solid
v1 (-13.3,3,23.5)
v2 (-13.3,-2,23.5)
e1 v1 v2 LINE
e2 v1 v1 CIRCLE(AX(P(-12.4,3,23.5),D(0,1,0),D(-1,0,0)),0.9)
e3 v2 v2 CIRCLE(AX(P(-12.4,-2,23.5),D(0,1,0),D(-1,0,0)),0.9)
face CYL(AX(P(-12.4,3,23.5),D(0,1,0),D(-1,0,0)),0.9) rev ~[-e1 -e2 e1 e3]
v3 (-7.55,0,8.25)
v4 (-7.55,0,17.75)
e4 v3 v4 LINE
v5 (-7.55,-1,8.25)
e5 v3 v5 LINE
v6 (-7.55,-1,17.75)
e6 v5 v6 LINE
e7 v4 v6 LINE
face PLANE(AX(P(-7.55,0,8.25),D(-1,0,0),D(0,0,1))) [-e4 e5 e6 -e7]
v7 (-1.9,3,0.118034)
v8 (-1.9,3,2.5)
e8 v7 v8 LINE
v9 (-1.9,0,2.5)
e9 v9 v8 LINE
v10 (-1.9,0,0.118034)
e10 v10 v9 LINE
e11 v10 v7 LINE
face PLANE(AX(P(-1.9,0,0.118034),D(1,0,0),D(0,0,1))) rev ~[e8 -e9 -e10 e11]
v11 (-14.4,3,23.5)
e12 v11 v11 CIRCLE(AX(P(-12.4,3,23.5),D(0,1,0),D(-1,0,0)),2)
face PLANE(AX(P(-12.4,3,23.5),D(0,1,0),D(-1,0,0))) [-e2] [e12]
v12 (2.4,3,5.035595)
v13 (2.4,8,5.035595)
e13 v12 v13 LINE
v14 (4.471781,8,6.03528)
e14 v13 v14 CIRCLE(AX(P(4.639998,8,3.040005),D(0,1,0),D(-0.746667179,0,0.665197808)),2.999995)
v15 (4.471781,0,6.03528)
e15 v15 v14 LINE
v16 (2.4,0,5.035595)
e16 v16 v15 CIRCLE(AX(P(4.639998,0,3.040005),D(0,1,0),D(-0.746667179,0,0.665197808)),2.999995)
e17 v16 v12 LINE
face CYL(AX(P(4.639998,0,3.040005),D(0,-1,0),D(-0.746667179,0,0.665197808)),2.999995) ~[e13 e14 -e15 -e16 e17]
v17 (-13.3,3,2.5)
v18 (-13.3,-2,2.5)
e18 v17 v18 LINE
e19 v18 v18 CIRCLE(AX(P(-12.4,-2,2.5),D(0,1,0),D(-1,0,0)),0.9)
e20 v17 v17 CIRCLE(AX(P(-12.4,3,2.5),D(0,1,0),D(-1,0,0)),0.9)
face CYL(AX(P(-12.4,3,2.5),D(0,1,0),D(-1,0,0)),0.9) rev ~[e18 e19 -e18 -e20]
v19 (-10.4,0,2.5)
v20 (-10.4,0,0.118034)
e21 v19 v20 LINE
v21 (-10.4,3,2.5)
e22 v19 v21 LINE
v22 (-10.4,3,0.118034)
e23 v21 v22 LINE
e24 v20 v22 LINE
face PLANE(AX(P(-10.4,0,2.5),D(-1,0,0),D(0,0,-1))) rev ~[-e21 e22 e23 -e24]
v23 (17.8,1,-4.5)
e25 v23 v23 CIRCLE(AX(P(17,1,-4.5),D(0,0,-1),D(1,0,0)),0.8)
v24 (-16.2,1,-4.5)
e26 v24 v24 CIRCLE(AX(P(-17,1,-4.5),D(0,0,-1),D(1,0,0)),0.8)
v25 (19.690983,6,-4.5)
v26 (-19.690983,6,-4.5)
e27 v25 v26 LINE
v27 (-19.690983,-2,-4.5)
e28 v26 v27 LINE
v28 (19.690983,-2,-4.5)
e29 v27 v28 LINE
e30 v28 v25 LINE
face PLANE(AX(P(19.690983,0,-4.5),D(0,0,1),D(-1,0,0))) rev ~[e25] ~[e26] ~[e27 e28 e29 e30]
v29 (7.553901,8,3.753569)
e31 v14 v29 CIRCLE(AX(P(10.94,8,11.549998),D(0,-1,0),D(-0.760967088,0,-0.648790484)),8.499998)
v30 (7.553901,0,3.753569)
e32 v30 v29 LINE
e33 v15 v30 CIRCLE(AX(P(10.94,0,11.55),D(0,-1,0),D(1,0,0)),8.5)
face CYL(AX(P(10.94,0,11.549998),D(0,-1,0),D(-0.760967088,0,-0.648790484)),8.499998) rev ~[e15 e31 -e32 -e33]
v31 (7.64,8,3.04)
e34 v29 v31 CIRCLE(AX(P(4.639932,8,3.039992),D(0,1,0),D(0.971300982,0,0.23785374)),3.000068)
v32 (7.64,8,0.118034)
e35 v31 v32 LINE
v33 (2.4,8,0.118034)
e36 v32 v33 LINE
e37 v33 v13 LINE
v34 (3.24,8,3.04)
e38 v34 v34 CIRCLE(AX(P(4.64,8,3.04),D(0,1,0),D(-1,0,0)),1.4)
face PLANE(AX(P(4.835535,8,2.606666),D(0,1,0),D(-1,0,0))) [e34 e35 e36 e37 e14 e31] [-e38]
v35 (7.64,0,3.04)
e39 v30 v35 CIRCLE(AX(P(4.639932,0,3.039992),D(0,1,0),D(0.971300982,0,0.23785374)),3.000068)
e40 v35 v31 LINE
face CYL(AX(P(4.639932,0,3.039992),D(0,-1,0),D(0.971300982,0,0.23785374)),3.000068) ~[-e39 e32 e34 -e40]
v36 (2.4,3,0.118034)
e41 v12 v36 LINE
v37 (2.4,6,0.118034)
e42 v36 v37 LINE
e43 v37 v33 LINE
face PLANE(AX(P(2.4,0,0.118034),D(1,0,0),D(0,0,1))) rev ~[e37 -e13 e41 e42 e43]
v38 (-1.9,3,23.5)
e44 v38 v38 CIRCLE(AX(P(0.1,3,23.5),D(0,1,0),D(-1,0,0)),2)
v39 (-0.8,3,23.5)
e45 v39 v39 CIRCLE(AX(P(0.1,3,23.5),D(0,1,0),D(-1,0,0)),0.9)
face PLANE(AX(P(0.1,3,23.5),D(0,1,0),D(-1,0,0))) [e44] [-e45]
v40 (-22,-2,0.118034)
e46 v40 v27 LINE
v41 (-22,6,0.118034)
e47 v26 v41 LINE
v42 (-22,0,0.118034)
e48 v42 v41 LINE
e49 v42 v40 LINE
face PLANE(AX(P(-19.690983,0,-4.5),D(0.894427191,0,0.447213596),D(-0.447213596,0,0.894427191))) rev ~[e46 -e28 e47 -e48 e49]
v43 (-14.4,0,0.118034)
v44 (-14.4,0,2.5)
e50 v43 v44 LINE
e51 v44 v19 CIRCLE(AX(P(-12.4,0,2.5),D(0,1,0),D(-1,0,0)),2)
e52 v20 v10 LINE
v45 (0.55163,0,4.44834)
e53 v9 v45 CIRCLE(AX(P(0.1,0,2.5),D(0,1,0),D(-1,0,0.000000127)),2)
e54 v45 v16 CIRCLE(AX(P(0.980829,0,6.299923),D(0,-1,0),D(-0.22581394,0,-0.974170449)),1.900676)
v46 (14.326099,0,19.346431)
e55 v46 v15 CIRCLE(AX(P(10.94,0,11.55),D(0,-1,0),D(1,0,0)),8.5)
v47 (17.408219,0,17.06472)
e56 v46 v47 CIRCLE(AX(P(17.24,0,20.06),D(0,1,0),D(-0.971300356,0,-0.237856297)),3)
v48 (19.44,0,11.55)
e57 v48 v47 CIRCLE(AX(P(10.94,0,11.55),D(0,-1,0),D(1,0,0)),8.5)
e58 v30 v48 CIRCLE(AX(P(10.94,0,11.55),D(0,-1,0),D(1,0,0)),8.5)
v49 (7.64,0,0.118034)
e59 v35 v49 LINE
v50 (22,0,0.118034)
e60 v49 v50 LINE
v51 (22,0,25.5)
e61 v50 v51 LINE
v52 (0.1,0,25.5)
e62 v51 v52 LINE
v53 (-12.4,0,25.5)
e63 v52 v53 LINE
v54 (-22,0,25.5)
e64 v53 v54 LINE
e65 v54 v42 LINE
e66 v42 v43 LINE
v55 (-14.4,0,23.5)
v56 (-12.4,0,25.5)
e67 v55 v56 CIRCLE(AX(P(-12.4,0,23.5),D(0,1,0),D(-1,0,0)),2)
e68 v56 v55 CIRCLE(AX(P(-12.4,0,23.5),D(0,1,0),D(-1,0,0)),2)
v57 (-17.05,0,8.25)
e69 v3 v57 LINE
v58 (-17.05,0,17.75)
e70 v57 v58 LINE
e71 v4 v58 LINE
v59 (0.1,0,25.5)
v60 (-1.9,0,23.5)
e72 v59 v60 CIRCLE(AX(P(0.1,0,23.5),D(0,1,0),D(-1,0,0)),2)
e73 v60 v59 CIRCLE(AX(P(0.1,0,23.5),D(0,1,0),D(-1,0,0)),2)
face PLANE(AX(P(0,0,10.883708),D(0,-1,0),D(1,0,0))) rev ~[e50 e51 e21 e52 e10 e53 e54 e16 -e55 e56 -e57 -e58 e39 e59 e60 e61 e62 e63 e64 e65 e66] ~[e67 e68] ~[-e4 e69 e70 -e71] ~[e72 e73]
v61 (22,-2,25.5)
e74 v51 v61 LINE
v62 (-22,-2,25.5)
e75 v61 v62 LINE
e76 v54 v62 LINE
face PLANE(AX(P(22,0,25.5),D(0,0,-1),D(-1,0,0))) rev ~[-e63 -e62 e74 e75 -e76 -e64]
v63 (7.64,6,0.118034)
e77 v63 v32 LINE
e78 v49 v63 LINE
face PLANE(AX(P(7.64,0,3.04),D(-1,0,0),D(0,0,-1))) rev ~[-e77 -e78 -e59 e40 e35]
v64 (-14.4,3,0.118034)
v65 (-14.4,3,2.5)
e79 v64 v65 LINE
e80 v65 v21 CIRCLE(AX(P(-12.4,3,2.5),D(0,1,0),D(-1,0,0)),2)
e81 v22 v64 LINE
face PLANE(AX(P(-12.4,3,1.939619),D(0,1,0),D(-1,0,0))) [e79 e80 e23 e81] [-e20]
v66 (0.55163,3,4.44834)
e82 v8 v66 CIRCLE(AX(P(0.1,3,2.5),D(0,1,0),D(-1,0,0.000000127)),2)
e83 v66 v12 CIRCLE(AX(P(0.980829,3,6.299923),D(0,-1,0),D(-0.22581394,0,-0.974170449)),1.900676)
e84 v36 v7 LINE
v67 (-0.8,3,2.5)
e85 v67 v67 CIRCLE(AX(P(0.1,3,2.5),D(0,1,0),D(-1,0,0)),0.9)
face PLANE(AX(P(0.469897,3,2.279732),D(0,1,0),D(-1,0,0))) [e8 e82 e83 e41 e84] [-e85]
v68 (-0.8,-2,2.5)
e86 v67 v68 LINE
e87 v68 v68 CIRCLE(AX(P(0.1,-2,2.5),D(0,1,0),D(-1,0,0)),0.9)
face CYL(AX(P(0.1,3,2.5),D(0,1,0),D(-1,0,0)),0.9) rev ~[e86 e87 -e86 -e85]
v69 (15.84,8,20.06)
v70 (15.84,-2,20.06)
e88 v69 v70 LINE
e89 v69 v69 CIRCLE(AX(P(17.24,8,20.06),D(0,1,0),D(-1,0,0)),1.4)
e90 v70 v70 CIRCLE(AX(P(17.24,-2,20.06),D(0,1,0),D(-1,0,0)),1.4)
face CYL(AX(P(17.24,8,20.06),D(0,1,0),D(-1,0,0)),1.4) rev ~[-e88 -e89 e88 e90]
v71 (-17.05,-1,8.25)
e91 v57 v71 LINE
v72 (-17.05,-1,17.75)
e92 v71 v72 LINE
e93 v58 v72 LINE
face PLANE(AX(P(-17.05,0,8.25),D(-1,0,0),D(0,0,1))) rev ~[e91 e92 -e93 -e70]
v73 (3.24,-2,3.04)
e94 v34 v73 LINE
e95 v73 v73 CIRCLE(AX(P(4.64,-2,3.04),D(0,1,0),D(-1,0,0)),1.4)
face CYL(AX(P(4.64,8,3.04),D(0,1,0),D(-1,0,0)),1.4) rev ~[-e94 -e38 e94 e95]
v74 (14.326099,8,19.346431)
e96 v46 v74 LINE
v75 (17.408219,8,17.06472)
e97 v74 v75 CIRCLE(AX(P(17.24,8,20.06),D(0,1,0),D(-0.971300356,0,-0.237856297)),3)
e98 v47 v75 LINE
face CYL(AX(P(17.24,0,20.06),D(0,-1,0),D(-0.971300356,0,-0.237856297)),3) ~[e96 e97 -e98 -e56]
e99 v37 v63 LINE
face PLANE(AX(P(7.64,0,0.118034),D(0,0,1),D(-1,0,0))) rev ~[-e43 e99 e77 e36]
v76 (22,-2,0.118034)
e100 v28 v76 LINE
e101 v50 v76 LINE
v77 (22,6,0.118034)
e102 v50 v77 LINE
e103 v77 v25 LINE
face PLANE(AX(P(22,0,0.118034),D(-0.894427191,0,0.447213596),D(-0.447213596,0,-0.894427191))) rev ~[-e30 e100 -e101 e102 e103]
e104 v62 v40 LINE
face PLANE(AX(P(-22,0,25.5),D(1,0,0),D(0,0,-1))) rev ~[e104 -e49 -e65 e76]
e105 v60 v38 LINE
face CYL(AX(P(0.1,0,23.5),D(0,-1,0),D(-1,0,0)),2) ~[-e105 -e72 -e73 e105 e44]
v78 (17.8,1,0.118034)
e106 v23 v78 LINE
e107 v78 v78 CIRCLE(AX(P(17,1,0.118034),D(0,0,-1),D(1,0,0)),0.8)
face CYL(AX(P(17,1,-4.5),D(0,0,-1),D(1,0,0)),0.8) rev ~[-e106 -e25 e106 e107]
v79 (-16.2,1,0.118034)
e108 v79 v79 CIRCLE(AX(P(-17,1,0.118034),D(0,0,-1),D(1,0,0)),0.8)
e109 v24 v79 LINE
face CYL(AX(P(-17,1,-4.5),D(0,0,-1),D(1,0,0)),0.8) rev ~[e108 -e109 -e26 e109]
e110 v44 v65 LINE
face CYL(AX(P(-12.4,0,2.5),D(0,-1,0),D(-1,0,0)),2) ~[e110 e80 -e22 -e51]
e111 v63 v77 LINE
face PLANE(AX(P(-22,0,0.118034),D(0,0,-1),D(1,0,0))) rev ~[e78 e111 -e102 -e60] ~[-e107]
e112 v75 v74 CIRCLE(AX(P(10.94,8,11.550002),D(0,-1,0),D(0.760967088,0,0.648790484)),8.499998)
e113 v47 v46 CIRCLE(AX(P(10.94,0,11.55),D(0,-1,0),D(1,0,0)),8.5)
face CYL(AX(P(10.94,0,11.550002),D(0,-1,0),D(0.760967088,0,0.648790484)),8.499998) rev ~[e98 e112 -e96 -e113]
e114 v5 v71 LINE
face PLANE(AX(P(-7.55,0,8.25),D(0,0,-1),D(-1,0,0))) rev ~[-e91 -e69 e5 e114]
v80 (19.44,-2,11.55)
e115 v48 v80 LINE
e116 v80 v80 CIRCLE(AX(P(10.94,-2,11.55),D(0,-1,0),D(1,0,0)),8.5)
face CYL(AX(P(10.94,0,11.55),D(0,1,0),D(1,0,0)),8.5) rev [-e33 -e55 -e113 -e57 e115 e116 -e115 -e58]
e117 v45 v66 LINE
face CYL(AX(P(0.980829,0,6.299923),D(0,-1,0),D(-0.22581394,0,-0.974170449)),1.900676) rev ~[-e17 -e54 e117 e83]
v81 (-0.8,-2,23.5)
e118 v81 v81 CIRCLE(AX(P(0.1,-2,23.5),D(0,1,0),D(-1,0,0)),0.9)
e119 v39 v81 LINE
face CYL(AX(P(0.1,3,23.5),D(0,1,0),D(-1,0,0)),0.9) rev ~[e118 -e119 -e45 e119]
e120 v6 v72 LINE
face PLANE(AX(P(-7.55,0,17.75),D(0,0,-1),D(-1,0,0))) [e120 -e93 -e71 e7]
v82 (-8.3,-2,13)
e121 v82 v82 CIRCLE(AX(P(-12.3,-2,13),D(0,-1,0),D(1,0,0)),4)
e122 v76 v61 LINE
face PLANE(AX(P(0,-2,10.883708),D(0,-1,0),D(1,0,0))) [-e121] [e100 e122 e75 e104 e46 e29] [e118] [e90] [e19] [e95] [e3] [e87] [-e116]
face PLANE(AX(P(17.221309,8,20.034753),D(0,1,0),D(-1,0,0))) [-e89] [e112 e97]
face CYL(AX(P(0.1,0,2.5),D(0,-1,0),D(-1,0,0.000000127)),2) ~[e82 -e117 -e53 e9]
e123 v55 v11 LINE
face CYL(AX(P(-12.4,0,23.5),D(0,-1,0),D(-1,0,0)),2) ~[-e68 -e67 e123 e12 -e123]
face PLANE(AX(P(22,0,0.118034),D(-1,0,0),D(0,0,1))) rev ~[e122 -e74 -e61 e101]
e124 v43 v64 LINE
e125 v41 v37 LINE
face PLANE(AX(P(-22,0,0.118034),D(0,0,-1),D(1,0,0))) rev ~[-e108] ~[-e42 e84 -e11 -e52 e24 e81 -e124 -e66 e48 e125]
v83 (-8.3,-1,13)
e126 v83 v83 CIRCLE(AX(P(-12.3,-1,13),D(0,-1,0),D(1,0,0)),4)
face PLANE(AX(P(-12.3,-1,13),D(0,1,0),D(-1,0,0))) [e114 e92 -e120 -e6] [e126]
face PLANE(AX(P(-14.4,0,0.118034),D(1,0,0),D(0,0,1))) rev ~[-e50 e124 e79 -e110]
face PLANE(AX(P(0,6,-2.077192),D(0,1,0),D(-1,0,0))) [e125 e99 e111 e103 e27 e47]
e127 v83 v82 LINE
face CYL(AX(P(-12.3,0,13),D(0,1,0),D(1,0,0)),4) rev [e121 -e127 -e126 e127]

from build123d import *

# Parameters (mm, degrees)
F1_R      = 4
F1_R_2    = 8.5
F2_DEPTH  = 2
F4_DEPTH  = 6
F5_R      = 0.8
F6_DEPTH  = 4.618034
F8_DEPTH  = 8
F9_R      = 1.4
F10_DEPTH = 10
F11_R     = 2
F12_DEPTH = 3
F13_W     = 9.5
F13_H     = 9.5
F13_R     = 4
F14_DEPTH = 1
F15_R     = 0.9
F16_DEPTH = 5


with BuildPart() as f2:
    # F1 (on Front) → F2 (new body)
    with BuildSketch(Plane.XZ):
        Polygon((-22, 25.5), (-22, 0.118034), (-19.690983, -4.5), (19.690983, -4.5), (22, 0.118034), (22, 25.5), align=None)
        with Locations((-12.3, 13)):
            Circle(F1_R, mode=Mode.SUBTRACT)
        with Locations((10.94, 11.55)):
            Circle(F1_R_2, mode=Mode.SUBTRACT)
    extrude(amount=F2_DEPTH)

    # F3 (on face) → F4 (join)
    with BuildSketch(Plane(origin=(0, 0, 0), x_dir=(-1, 0, 0), z_dir=(0, 1, 0))):
        Polygon((22, 0.118034), (-22, 0.118034), (-19.690983, -4.5), (19.690983, -4.5), align=None)
    extrude(amount=F4_DEPTH)

    # F5 (on face) → F6 (cut, through all)
    with BuildSketch(Plane(origin=(0, 0, -4.5), x_dir=(1, 0, 0), z_dir=(0, 0, -1))):
        with Locations((-17, -1)):
            Circle(F5_R)
        with Locations((17, -1)):
            Circle(F5_R)
    extrude(amount=-F6_DEPTH, mode=Mode.SUBTRACT)

    # F7 (on face) → F8 (join)
    with BuildSketch(Plane(origin=(0, 0, 0), x_dir=(-1, 0, 0), z_dir=(0, 1, 0))):
        with BuildLine():
            ThreePointArc((-17.408219, 17.06472), (-15.997514, 18.381658), (-14.326099, 19.346431))
            ThreePointArc((-14.326099, 19.346431), (-19.025005, 22.471173), (-17.408219, 17.06472))
        make_face()
        with BuildLine():
            ThreePointArc((-4.471781, 6.03528), (-5.882486, 4.718342), (-7.553901, 3.753569))
            ThreePointArc((-7.553901, 3.753569), (-7.618397, 3.399372), (-7.64, 3.04))
            Line((-7.64, 3.04), (-7.64, 0.118034))
            Line((-7.64, 0.118034), (-2.4, 0.118034))
            Line((-2.4, 0.118034), (-2.4, 5.035595))
            ThreePointArc((-2.4, 5.035595), (-3.336266, 5.741903), (-4.471781, 6.03528))
        make_face()
    extrude(amount=F8_DEPTH)

    # F9 (on face) → F10 (cut, through all)
    with BuildSketch(Plane(origin=(0, 8, 0), x_dir=(-1, 0, 0), z_dir=(0, 1, 0))):
        with Locations((-17.24, 20.06)):
            Circle(F9_R)
        with Locations((-4.64, 3.04)):
            Circle(F9_R)
    extrude(amount=-F10_DEPTH, mode=Mode.SUBTRACT)

    # F11 (on face) → F12 (join)
    with BuildSketch(Plane(origin=(0, 0, 0), x_dir=(-1, 0, 0), z_dir=(0, 1, 0))):
        with Locations((-0.1, 23.5)):
            Circle(F11_R)
        with Locations((12.4, 23.5)):
            Circle(F11_R)
        with BuildLine():
            Line((1.9, 0.118034), (1.9, 2.5))
            ThreePointArc((1.9, 2.5), (1.144335, 4.065768), (-0.55163, 4.44834))
            ThreePointArc((-0.55163, 4.44834), (-1.556353, 4.488475), (-2.4, 5.035595))
            Line((-2.4, 5.035595), (-2.4, 0.118034))
            Line((-2.4, 0.118034), (1.9, 0.118034))
        make_face()
        with BuildLine():
            Line((14.4, 0.118034), (14.4, 2.5))
            ThreePointArc((14.4, 2.5), (12.4, 4.5), (10.4, 2.5))
            Line((10.4, 2.5), (10.4, 0.118034))
            Line((10.4, 0.118034), (14.4, 0.118034))
        make_face()
    extrude(amount=F12_DEPTH)

    # F13 (on face) → F14 (cut)
    with BuildSketch(Plane(origin=(0, 0, 0), x_dir=(-1, 0, 0), z_dir=(0, 1, 0))):
        with Locations((12.3, 13)):
            Rectangle(F13_W, F13_H)
        with Locations((12.3, 13)):
            Circle(F13_R, mode=Mode.SUBTRACT)
    extrude(amount=-F14_DEPTH, mode=Mode.SUBTRACT)

    # F15 (on face) → F16 (cut, through all)
    with BuildSketch(Plane(origin=(0, 3, 0), x_dir=(-1, 0, 0), z_dir=(0, 1, 0))):
        with Locations((-0.1, 23.5)):
            Circle(F15_R)
        with Locations((12.4, 23.5)):
            Circle(F15_R)
        with Locations((-0.1, 2.5)):
            Circle(F15_R)
        with Locations((12.4, 2.5)):
            Circle(F15_R)
    extrude(amount=-F16_DEPTH, mode=Mode.SUBTRACT)


solid = f2.part
